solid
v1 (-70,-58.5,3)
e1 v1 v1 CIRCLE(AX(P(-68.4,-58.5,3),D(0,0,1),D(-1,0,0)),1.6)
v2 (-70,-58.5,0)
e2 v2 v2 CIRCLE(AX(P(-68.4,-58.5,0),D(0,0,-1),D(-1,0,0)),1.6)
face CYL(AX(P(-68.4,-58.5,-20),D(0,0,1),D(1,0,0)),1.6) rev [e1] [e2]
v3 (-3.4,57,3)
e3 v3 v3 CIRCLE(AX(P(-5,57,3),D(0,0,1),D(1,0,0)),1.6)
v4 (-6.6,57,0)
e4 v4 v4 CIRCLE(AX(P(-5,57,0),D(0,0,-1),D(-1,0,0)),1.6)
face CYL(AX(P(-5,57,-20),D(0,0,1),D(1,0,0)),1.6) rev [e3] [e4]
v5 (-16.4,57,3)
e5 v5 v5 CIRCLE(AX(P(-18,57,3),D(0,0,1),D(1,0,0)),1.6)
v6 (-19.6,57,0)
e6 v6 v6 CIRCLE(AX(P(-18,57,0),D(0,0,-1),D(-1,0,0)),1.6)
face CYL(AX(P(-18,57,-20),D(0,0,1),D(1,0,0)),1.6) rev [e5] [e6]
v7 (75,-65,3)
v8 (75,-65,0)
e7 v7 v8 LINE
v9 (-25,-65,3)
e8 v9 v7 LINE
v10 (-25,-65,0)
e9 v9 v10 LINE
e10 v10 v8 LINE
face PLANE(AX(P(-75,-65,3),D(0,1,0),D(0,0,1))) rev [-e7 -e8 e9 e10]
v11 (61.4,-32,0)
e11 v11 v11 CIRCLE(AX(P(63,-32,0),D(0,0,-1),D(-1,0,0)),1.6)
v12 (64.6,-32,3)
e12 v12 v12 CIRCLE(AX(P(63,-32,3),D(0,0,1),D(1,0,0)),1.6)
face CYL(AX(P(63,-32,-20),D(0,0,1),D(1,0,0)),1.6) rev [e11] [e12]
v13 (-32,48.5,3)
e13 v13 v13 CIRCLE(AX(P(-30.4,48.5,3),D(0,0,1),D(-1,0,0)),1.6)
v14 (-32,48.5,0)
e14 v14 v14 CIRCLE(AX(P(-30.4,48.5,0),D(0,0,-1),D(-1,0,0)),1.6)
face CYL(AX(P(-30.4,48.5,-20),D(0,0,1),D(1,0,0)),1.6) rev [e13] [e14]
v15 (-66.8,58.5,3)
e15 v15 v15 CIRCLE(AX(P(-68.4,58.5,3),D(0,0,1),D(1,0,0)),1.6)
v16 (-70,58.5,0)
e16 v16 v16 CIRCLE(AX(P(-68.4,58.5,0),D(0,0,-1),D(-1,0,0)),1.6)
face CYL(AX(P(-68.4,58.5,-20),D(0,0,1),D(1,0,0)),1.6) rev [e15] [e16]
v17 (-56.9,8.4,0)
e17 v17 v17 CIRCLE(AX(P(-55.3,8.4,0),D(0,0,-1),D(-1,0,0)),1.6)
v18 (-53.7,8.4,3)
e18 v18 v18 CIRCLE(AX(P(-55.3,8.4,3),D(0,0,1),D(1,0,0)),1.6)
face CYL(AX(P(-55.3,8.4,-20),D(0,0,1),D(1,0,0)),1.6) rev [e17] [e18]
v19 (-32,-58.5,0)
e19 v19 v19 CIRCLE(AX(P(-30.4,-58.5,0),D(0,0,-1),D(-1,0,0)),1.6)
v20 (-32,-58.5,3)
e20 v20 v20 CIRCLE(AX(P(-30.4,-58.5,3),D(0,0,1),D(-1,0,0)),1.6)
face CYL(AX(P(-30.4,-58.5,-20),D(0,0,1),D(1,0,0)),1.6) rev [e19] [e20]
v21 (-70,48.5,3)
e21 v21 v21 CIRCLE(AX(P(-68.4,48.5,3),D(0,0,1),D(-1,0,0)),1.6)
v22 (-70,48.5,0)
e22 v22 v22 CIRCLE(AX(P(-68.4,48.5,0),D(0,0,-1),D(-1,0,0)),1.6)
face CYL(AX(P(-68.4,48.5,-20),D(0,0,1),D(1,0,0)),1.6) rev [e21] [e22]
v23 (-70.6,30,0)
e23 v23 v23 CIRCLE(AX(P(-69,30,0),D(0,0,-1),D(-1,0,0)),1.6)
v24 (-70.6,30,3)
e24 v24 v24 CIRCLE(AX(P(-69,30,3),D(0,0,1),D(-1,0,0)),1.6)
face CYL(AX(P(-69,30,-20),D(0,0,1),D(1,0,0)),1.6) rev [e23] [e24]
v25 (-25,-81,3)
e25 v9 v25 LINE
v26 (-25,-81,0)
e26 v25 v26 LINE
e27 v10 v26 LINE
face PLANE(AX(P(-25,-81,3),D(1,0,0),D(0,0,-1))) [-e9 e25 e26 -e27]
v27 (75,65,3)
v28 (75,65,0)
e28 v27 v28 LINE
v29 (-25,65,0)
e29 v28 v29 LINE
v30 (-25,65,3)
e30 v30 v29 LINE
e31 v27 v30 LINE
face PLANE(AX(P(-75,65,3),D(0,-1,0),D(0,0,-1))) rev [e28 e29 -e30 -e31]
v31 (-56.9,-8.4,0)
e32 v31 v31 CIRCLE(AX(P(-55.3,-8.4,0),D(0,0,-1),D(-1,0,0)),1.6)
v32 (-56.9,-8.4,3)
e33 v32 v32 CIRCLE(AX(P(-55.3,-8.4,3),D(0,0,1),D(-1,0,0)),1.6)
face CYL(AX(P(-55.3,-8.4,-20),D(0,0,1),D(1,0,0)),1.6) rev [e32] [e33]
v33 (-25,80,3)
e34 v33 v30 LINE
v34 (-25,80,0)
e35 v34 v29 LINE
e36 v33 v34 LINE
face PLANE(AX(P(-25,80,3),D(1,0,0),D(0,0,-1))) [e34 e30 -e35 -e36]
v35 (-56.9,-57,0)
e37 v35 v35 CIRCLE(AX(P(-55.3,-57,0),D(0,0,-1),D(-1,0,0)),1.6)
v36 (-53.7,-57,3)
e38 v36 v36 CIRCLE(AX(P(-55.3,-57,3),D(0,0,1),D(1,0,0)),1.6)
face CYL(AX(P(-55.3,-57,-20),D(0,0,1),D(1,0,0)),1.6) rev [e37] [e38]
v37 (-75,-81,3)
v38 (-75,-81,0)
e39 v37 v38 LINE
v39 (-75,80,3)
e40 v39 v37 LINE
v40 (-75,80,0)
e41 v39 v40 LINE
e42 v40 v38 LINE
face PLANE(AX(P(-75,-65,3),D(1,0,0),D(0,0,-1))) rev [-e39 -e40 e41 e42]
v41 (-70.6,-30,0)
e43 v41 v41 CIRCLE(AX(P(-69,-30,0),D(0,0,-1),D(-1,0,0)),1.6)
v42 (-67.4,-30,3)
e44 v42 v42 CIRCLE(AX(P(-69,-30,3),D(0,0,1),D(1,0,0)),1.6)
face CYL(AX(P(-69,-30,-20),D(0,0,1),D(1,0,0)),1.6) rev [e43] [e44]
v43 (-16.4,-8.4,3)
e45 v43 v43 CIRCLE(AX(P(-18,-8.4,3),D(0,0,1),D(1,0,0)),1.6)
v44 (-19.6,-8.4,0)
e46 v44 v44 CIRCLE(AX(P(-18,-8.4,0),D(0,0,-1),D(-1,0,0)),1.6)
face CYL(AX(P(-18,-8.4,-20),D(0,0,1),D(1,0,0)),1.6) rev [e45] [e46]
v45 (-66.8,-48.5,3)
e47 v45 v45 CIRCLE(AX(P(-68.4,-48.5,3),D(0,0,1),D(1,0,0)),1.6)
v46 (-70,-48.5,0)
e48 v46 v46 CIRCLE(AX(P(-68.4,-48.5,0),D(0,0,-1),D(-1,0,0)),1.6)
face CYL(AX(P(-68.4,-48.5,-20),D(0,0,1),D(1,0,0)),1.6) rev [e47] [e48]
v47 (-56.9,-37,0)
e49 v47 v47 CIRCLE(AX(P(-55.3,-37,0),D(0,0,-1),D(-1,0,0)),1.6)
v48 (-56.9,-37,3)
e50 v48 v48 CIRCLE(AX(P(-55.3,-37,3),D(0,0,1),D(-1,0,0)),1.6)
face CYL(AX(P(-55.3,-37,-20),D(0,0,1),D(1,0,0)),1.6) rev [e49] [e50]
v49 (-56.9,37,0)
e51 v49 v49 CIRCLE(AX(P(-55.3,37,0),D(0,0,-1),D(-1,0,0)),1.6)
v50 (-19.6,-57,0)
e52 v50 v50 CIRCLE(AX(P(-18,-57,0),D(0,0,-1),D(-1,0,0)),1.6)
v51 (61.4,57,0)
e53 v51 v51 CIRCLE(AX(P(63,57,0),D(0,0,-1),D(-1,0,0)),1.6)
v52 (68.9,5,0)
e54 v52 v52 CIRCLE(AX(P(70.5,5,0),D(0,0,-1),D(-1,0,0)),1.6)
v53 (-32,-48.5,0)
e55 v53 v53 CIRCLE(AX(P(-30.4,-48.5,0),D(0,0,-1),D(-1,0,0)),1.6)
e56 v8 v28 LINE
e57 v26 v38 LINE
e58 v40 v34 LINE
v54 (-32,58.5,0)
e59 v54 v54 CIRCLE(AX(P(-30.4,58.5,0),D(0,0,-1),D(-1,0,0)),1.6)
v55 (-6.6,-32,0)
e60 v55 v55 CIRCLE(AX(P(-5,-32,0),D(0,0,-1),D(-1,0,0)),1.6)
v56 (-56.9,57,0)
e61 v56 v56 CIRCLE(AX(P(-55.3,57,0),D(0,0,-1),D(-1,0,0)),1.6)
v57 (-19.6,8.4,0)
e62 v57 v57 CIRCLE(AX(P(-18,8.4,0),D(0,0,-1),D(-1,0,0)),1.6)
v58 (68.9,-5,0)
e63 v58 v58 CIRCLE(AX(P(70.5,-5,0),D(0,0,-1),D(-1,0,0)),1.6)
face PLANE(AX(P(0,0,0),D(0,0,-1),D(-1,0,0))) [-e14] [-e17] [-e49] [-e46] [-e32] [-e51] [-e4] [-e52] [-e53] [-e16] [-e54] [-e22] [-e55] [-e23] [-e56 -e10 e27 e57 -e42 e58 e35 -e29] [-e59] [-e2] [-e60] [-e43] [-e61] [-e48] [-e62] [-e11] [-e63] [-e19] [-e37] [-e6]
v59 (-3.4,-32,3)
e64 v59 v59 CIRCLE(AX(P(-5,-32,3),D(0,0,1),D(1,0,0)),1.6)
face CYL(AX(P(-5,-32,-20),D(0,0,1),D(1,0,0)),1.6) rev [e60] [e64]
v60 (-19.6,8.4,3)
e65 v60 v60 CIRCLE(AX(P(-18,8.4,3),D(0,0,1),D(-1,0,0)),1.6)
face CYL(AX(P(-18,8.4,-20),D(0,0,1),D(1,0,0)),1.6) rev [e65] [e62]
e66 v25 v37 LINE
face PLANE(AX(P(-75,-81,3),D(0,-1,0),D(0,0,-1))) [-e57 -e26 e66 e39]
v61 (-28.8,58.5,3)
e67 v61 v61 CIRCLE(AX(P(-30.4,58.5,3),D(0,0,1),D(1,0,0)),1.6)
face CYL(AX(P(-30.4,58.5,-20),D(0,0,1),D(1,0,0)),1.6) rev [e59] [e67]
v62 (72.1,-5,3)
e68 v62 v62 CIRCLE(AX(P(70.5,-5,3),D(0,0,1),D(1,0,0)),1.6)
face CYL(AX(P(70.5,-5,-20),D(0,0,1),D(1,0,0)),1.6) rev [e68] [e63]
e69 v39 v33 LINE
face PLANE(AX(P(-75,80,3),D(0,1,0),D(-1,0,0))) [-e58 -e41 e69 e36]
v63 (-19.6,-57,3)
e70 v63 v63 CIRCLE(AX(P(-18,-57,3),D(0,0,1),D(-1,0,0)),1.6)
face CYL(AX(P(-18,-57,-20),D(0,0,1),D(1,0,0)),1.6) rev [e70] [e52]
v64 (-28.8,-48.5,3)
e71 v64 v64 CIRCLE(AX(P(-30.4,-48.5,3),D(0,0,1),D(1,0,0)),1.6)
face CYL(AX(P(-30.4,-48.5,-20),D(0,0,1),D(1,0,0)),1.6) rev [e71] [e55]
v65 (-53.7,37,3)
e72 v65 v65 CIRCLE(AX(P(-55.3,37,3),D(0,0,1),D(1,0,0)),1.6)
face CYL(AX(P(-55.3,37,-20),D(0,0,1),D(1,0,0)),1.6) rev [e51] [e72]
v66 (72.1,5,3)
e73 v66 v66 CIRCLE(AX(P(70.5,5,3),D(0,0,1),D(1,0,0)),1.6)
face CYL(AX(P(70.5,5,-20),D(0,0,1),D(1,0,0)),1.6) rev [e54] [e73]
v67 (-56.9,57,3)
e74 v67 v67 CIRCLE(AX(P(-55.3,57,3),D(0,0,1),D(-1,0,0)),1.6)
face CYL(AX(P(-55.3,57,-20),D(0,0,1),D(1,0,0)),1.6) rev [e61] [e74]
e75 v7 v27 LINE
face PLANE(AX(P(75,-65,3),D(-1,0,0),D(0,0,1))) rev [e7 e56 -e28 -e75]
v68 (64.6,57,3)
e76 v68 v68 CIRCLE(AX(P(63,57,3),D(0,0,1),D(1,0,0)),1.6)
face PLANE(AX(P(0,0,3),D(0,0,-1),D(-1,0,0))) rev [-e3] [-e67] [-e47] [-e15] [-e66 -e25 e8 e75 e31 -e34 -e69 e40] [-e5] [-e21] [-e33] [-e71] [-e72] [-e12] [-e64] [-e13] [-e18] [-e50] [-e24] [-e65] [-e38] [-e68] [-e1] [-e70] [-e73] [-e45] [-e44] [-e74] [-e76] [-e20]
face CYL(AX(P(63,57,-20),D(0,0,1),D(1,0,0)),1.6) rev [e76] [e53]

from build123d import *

# Parameters (mm, degrees)
SKETCH1_W           = 150
SKETCH1_H           = 130
BOSS_EXTRUDE1_DEPTH = 3
SKETCH2_R           = 1.6
CUT_EXTRUDE1_DEPTH  = 23
SKETCH3_W           = 50
SKETCH3_H           = 15
SKETCH3_H_2         = 16
BOSS_EXTRUDE2_DEPTH = 3


with BuildPart() as part:
    # Sketch1 → Boss-Extrude1 (new body)
    with BuildSketch(Plane.XY):
        Rectangle(SKETCH1_W, SKETCH1_H)
    extrude(amount=BOSS_EXTRUDE1_DEPTH)

    # Sketch2 → Cut-Extrude1 (cut)
    with BuildSketch(Plane.XY.offset(3)):
        with Locations((63, 57)):
            Circle(SKETCH2_R)
        with Locations((70.5, 5)):
            Circle(SKETCH2_R)
        with Locations((-5, 57)):
            Circle(SKETCH2_R)
        with Locations((-5, -32)):
            Circle(SKETCH2_R)
        with Locations((63, -32)):
            Circle(SKETCH2_R)
        with Locations((70.5, -5)):
            Circle(SKETCH2_R)
        with Locations((-18, 57)):
            Circle(SKETCH2_R)
        with Locations((-18, 8.4)):
            Circle(SKETCH2_R)
        with Locations((-55.3, 8.4)):
            Circle(SKETCH2_R)
        with Locations((-55.3, 57)):
            Circle(SKETCH2_R)
        with Locations((-18, -57)):
            Circle(SKETCH2_R)
        with Locations((-55.3, -57)):
            Circle(SKETCH2_R)
        with Locations((-55.3, -8.4)):
            Circle(SKETCH2_R)
        with Locations((-18, -8.4)):
            Circle(SKETCH2_R)
        with Locations((-30.4, 58.5)):
            Circle(SKETCH2_R)
        with Locations((-68.4, 58.5)):
            Circle(SKETCH2_R)
        with Locations((-68.4, 48.5)):
            Circle(SKETCH2_R)
        with Locations((-30.4, 48.5)):
            Circle(SKETCH2_R)
        with Locations((-68.4, -48.5)):
            Circle(SKETCH2_R)
        with Locations((-68.4, -58.5)):
            Circle(SKETCH2_R)
        with Locations((-30.4, -58.5)):
            Circle(SKETCH2_R)
        with Locations((-30.4, -48.5)):
            Circle(SKETCH2_R)
        with Locations((-69, -30)):
            Circle(SKETCH2_R)
        with Locations((-69, 30)):
            Circle(SKETCH2_R)
        with Locations((-55.3, 37)):
            Circle(SKETCH2_R)
        with Locations((-55.3, -37)):
            Circle(SKETCH2_R)
    extrude(amount=-CUT_EXTRUDE1_DEPTH, mode=Mode.SUBTRACT)

    # Sketch3 → Boss-Extrude2 (add)
    with BuildSketch(Plane(origin=(0, 0, 0), x_dir=(-1, 0, 0), z_dir=(0, 0, -1))):
        with Locations((50, 72.5)):
            Rectangle(SKETCH3_W, SKETCH3_H)
        with Locations((50, -73)):
            Rectangle(SKETCH3_W, SKETCH3_H_2)
    extrude(amount=-BOSS_EXTRUDE2_DEPTH)


solid = part.part
